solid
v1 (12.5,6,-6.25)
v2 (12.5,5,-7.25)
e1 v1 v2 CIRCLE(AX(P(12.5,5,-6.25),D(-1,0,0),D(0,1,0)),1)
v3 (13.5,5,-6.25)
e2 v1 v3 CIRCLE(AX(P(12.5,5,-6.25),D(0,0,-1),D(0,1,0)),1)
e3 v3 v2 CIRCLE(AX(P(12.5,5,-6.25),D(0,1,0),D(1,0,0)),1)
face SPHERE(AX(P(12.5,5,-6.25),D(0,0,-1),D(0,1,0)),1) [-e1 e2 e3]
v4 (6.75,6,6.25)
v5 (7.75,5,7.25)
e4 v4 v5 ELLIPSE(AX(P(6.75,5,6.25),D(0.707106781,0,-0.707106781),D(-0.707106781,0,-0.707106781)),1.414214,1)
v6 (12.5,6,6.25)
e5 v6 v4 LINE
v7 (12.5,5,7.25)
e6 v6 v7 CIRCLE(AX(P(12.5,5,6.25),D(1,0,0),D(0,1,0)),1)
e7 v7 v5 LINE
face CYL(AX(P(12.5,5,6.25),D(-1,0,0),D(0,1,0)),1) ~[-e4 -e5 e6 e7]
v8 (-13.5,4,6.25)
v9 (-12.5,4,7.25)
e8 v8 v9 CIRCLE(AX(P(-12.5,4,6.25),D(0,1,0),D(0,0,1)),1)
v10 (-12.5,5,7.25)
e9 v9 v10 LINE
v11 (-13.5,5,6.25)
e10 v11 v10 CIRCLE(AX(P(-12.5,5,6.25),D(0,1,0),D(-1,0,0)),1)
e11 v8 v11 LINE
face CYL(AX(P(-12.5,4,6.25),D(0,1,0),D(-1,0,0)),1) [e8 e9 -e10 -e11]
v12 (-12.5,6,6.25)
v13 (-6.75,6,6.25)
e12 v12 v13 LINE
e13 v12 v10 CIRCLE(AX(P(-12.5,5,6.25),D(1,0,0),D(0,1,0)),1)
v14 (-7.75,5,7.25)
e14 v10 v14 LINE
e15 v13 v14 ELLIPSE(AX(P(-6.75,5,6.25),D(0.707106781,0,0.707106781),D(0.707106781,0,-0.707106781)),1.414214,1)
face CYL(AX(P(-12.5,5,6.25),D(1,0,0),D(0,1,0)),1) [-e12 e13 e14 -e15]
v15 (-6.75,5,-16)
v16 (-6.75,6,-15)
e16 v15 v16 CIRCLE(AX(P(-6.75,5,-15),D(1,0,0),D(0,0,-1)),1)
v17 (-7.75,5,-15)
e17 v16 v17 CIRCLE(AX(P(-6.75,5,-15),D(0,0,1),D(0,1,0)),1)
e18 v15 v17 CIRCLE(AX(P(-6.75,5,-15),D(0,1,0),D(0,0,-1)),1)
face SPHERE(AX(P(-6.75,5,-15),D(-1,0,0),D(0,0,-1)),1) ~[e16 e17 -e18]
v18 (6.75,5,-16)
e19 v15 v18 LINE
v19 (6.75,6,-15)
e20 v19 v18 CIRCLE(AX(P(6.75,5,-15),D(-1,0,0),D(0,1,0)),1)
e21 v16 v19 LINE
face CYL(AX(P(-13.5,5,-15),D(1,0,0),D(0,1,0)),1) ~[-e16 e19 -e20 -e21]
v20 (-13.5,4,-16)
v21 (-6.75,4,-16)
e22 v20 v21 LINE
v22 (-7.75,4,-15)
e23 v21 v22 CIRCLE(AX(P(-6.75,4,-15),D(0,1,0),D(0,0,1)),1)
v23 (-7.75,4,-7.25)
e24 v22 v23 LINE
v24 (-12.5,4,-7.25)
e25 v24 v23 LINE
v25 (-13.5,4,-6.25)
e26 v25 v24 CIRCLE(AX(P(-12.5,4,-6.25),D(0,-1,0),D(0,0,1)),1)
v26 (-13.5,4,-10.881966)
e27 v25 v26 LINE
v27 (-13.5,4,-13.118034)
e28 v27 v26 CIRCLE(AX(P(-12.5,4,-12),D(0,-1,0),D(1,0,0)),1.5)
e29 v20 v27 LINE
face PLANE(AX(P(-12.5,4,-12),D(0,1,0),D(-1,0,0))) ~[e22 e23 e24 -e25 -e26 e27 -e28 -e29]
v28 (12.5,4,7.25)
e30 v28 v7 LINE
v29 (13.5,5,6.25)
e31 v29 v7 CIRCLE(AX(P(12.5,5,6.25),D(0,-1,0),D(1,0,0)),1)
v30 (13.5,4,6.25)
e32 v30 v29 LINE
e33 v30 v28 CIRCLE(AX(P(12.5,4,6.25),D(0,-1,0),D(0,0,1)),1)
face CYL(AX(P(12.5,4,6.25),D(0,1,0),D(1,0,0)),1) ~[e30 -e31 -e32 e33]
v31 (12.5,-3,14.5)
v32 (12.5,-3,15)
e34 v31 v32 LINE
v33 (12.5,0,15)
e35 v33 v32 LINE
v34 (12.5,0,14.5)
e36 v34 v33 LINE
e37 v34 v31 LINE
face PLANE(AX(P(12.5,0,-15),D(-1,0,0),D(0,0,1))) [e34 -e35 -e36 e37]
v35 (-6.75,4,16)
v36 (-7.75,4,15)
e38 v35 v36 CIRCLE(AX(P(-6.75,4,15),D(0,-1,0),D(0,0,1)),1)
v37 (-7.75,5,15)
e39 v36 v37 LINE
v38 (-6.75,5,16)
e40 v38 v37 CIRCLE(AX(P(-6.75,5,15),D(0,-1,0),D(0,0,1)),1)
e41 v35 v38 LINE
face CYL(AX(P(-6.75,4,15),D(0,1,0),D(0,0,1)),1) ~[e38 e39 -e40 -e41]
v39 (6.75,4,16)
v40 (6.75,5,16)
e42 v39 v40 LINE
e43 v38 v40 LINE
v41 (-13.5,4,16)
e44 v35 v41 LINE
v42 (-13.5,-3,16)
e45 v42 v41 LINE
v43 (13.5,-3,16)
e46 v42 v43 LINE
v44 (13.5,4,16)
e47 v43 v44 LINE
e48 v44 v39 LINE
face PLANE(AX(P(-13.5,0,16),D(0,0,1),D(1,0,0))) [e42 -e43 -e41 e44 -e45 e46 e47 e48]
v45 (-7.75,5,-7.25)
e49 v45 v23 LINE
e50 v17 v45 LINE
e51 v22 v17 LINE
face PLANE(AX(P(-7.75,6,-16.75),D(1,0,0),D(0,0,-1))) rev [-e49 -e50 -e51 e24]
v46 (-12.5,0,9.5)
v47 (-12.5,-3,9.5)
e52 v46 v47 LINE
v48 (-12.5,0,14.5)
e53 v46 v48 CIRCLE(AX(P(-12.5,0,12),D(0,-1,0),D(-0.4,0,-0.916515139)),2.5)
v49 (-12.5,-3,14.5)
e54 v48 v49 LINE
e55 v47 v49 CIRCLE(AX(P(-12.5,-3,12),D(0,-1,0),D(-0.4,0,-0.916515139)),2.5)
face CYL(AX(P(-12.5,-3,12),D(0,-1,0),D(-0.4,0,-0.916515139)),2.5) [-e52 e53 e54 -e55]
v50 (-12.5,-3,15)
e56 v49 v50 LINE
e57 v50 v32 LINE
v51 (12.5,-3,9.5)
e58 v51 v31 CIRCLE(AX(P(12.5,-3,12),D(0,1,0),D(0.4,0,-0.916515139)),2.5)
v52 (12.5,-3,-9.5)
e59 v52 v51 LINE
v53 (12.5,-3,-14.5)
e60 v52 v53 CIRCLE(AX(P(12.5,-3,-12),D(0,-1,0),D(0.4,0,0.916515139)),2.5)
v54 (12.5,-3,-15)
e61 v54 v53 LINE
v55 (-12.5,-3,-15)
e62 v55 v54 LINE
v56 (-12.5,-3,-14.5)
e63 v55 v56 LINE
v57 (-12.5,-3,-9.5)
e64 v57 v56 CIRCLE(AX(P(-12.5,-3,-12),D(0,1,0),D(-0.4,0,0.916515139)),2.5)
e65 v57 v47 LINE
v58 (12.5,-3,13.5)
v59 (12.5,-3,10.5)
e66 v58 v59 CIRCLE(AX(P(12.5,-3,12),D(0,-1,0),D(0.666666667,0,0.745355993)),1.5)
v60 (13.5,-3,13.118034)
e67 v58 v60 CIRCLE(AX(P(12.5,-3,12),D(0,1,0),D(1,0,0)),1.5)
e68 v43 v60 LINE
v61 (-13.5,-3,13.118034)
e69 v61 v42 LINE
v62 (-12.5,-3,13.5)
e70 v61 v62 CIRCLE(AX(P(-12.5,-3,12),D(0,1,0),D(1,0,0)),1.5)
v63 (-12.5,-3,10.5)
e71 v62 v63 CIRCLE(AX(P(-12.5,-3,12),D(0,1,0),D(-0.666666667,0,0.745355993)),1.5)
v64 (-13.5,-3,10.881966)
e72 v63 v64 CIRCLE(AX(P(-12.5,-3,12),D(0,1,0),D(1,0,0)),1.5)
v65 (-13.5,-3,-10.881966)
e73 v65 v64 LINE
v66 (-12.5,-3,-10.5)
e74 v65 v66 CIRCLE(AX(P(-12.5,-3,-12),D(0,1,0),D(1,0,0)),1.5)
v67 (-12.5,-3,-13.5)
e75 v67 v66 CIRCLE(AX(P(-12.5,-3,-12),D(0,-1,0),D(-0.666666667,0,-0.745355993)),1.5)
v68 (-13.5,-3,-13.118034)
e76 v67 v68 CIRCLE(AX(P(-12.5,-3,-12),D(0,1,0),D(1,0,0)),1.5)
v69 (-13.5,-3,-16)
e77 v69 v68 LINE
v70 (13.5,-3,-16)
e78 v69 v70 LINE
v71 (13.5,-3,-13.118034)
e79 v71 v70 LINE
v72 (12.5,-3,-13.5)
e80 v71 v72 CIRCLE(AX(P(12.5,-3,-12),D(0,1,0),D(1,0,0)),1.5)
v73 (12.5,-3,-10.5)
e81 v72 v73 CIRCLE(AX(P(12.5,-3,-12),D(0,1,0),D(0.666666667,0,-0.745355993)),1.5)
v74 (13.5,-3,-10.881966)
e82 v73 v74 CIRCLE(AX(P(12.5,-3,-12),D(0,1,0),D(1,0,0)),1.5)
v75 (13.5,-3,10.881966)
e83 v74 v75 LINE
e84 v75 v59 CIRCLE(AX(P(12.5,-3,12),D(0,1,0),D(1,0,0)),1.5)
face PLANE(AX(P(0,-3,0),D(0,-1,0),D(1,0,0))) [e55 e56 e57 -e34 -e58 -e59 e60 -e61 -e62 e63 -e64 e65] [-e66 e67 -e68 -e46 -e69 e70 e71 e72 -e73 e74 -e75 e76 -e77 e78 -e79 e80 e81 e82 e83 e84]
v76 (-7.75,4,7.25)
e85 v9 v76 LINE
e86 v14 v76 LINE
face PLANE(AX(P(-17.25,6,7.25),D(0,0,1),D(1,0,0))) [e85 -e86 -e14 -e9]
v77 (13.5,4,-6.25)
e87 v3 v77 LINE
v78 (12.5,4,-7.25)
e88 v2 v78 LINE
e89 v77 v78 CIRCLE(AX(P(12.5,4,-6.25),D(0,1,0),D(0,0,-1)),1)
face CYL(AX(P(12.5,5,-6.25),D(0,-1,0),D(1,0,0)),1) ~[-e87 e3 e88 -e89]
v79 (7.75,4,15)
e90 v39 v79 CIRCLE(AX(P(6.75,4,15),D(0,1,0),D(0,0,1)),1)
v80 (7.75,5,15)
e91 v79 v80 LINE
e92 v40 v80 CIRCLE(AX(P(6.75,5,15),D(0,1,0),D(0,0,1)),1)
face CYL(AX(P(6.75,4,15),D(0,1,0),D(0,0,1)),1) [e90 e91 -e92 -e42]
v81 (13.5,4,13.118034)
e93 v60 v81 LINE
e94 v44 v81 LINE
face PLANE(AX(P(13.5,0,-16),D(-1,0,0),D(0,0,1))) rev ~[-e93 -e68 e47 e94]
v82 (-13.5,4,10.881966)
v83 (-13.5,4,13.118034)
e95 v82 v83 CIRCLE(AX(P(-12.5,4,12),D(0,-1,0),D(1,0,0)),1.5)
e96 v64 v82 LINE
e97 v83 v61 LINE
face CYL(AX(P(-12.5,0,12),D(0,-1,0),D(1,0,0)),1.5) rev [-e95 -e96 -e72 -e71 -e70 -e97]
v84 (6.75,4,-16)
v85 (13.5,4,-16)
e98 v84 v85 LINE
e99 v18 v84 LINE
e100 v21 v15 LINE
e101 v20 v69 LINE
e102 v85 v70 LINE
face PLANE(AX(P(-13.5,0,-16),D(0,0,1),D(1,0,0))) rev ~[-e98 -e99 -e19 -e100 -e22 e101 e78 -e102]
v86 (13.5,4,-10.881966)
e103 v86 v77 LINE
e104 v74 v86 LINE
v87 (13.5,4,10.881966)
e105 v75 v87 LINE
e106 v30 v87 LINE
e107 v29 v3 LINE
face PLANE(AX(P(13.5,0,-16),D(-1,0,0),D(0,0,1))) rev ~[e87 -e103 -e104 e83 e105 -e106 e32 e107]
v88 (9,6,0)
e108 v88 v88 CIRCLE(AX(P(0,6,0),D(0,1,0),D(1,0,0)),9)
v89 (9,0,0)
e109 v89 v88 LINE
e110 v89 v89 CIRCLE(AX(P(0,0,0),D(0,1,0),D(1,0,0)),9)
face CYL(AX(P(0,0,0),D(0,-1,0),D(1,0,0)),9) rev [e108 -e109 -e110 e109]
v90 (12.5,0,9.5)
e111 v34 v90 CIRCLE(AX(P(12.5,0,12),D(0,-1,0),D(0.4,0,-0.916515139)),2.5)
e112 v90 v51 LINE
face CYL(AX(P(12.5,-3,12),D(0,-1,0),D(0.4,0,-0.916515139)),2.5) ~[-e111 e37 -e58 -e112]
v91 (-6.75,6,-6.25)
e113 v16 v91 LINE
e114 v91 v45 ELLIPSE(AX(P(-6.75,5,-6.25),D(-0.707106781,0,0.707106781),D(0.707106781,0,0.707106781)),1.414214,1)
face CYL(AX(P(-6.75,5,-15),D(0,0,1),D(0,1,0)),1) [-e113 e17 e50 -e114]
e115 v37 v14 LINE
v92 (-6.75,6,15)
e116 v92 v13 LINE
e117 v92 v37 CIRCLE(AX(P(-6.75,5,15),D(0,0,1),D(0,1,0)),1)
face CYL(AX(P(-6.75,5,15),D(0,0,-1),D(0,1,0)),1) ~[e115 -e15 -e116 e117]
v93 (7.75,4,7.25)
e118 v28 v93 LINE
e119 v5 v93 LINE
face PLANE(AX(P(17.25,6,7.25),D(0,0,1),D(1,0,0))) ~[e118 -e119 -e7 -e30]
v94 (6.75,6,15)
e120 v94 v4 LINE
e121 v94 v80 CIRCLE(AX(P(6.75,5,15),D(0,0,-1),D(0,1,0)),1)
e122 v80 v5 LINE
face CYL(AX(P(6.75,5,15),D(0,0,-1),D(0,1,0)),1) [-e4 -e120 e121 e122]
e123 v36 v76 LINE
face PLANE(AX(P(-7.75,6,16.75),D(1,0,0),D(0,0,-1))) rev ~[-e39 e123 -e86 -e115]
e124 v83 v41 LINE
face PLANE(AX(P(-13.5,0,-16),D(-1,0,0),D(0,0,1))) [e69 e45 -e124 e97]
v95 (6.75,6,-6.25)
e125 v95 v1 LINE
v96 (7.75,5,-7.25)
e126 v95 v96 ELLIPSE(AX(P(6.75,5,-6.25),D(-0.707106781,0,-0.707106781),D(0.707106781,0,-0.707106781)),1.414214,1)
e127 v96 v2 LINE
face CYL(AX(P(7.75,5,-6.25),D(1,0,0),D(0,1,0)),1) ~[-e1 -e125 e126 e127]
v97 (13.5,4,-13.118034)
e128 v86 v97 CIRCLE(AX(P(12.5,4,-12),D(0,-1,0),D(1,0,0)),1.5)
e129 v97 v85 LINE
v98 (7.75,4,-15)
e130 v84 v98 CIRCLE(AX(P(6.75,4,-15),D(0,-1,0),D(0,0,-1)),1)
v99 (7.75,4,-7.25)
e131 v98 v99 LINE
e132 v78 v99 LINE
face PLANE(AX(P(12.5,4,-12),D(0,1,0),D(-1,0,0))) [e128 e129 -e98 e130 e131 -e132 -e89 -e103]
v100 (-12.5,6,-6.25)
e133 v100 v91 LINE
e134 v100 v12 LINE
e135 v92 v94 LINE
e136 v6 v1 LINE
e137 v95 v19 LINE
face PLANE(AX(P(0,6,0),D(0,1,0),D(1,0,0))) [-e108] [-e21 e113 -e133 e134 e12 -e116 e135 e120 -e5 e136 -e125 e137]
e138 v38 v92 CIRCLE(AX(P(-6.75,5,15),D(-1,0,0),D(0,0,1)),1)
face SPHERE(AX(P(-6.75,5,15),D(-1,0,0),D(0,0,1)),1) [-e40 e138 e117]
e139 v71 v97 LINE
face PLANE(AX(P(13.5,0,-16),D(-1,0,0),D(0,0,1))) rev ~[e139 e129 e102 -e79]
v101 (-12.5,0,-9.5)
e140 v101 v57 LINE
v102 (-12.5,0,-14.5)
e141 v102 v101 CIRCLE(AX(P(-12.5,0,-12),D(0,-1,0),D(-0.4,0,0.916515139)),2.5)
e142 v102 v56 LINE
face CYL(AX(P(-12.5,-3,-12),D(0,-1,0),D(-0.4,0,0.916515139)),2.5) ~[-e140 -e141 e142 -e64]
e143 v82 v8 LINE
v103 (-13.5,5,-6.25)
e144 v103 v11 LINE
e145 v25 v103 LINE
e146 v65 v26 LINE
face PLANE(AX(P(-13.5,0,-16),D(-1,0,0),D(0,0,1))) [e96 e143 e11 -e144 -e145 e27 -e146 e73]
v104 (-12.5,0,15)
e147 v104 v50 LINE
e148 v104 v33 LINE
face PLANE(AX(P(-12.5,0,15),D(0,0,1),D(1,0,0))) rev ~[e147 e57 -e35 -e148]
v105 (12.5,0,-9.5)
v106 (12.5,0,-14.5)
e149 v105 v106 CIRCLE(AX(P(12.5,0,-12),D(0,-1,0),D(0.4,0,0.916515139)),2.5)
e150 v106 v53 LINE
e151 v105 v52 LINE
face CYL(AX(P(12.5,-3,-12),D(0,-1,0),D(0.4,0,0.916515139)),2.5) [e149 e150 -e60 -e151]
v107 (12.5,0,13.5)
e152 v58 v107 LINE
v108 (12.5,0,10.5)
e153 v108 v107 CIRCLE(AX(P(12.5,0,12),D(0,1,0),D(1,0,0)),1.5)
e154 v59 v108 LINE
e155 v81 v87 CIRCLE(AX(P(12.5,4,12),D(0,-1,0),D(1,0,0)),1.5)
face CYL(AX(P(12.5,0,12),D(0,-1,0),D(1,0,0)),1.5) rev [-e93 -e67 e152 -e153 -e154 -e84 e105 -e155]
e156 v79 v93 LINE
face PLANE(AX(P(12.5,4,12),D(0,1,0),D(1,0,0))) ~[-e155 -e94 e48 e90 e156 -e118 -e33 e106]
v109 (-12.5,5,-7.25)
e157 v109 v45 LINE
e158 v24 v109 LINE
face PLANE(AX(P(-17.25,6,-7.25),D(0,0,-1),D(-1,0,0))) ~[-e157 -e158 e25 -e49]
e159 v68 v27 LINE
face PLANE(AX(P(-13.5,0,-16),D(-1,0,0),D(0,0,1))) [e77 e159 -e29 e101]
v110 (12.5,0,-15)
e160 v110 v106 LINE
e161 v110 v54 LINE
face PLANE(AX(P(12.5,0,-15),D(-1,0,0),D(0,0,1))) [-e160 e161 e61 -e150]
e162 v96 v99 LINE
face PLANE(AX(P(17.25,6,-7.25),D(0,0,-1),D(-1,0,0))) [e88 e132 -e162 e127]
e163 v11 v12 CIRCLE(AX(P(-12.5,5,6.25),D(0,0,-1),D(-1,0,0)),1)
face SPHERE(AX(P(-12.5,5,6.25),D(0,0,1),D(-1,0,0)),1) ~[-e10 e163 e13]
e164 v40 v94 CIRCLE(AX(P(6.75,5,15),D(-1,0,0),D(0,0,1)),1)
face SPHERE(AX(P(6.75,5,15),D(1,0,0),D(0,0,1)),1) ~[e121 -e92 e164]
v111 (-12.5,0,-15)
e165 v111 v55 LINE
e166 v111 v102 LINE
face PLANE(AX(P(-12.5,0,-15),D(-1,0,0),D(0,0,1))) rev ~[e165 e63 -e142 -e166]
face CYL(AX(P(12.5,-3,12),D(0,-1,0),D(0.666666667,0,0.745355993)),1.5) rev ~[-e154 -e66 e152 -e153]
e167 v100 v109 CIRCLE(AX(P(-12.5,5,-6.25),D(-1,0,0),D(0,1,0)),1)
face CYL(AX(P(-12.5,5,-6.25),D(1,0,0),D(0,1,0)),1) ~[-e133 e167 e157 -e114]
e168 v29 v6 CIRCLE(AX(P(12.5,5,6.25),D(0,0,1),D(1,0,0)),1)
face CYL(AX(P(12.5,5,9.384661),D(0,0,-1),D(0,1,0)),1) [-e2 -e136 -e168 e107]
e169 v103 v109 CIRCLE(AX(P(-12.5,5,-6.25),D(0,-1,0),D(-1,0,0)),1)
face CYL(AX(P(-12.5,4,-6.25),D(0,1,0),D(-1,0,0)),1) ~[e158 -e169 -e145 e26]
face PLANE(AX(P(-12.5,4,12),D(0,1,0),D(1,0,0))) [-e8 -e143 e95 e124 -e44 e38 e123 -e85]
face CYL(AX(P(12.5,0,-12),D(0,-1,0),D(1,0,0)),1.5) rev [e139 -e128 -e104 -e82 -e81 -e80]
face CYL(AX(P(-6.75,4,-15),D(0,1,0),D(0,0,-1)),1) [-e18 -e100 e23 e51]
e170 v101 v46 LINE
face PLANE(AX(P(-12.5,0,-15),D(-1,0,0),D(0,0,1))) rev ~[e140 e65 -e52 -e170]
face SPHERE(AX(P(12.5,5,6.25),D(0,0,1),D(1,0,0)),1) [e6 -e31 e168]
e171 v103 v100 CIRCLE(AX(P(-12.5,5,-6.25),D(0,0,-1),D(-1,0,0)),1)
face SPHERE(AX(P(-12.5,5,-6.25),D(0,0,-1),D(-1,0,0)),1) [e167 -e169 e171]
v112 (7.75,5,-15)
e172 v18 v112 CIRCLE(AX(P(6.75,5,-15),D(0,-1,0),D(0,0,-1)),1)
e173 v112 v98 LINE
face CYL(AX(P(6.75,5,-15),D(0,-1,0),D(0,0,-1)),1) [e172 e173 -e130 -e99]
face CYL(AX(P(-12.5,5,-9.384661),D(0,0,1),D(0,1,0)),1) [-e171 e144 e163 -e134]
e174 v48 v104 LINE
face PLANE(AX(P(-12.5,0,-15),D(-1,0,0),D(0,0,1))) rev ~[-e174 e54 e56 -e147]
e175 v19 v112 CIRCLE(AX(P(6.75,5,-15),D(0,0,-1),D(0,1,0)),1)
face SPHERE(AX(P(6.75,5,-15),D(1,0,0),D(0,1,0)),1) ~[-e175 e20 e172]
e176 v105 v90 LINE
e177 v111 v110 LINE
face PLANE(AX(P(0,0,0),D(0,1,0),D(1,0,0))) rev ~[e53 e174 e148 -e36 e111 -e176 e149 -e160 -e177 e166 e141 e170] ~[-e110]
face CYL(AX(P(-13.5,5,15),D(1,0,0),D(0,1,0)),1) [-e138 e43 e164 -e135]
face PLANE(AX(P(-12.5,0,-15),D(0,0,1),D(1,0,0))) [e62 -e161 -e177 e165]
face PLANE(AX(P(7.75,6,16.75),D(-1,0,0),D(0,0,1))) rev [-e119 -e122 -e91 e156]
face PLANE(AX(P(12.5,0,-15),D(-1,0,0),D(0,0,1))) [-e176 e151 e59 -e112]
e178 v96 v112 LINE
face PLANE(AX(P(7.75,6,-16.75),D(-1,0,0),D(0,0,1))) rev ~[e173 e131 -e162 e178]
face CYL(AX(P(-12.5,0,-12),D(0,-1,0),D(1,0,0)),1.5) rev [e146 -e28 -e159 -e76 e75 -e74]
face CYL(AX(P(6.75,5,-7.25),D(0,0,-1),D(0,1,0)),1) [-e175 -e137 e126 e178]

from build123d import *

# Parameters (mm, degrees)
SKETCH2_W               = 27
SKETCH2_H               = 32
SKETCH2_R               = 9
BOSS_EXTRUDE1_DEPTH     = 6
SKETCH3_W               = 27
SKETCH3_H               = 32
SKETCH3_W_2             = 25
SKETCH3_H_2             = 30
BOSS_EXTRUDE2_DEPTH     = 3
SKETCH1_R               = 1.5
CUT_EXTRUDE1_DEPTH      = 7
CUT_EXTRUDE1_DEPTH_BACK = 4
BOSS_EXTRUDE4_DEPTH     = 9
MIRROR2_COPY_1_DEPTH    = 9
SKETCH6_R               = 2.8
CUT_EXTRUDE2_DEPTH      = 2
MIRROR4_COPY_1_SKETCH_R = 2.8
MIRROR4_COPY_1_DEPTH    = 2
FILLET1_R               = 1
SKETCH11_W              = 9.5
SKETCH11_H              = 9.5
CUT_EXTRUDE3_DEPTH      = 2
MIRROR6_COPY_1_SKETCH_W = 9.5
MIRROR6_COPY_1_SKETCH_H = 9.5
MIRROR6_COPY_1_DEPTH    = 2
FILLET2_R               = 1


with BuildPart() as part:
    # Sketch2 → Boss-Extrude1 (new body)
    with BuildSketch(Plane(origin=(0, 0, 0), x_dir=(1, 0, 0), z_dir=(0, 1, 0))):
        Rectangle(SKETCH2_W, SKETCH2_H)
        Circle(SKETCH2_R, mode=Mode.SUBTRACT)
    extrude(amount=BOSS_EXTRUDE1_DEPTH)

    # Sketch3 → Boss-Extrude2 (add)
    with BuildSketch(Plane.XZ):
        Rectangle(SKETCH3_W, SKETCH3_H)
        Rectangle(SKETCH3_W_2, SKETCH3_H_2, mode=Mode.SUBTRACT)
    extrude(amount=BOSS_EXTRUDE2_DEPTH)

    # Sketch1 → Cut-Extrude1 (cut, two sides)
    with BuildSketch(Plane(origin=(0, 0, 0), x_dir=(1, 0, 0), z_dir=(0, 1, 0))) as cut_extrude1_sk:
        with Locations((-12.5, 12)):
            Circle(SKETCH1_R)
        with Locations((12.5, 12)):
            Circle(SKETCH1_R)
        with Locations((-12.5, -12)):
            Circle(SKETCH1_R)
        with Locations((12.5, -12)):
            Circle(SKETCH1_R)
    extrude(amount=CUT_EXTRUDE1_DEPTH, mode=Mode.SUBTRACT)
    extrude(cut_extrude1_sk.sketch, amount=-CUT_EXTRUDE1_DEPTH_BACK, mode=Mode.SUBTRACT)

    # Sketch5 → Boss-Extrude4 (add)
    with BuildSketch(Plane.XZ.offset(3)):
        with BuildLine():
            Line((13.5, -10.881966011), (13.5, -9.708712153))
            ThreePointArc((13.5, -9.708712153), (10, -12), (13.5, -14.291287847))
            Line((13.5, -14.291287847), (13.5, -13.118033989))
            ThreePointArc((13.5, -13.118033989), (11, -12), (13.5, -10.881966011))
        make_face()
    boss_extrude4 = extrude(amount=-BOSS_EXTRUDE4_DEPTH)

    # Mirror1: Boss-Extrude4 across plane
    add(boss_extrude4.mirror(Plane(origin=(0, 0, 0), x_dir=(0, 0, 1), z_dir=(1, 0, 0))))

    # Mirror2: Boss-Extrude4 across plane
    add(boss_extrude4.mirror(Plane.XY))

    # Mirror2 copy 1 sketch → Mirror2 copy 1 (add)
    with BuildSketch(Plane(origin=(0, -3, 0), x_dir=(-1, 0, 0), z_dir=(0, -1, 0))):
        with BuildLine():
            Line((13.5, -10.881966011), (13.5, -9.708712153))
            ThreePointArc((13.5, -9.708712153), (10, -12), (13.5, -14.291287847))
            Line((13.5, -14.291287847), (13.5, -13.118033989))
            ThreePointArc((13.5, -13.118033989), (11, -12), (13.5, -10.881966011))
        make_face()
    extrude(amount=-MIRROR2_COPY_1_DEPTH)

    # Sketch6 → Cut-Extrude2 (cut)
    with BuildSketch(Plane(origin=(0, 6, 0), x_dir=(1, 0, 0), z_dir=(0, 1, 0))):
        with Locations((12.5, 12)):
            Circle(SKETCH6_R)
    cut_extrude2 = extrude(amount=-CUT_EXTRUDE2_DEPTH, mode=Mode.SUBTRACT)

    # Mirror3: Cut-Extrude2 across plane
    add(cut_extrude2.mirror(Plane(origin=(0, 0, 0), x_dir=(0, 0, 1), z_dir=(1, 0, 0))), mode=Mode.SUBTRACT)

    # Mirror4: Cut-Extrude2 across plane
    add(cut_extrude2.mirror(Plane.XY), mode=Mode.SUBTRACT)

    # Mirror4 copy 1 sketch → Mirror4 copy 1 (cut)
    with BuildSketch(Plane(origin=(0, 6, 0), x_dir=(-1, 0, 0), z_dir=(0, 1, 0))):
        with Locations((12.5, 12)):
            Circle(MIRROR4_COPY_1_SKETCH_R)
    extrude(amount=-MIRROR4_COPY_1_DEPTH, mode=Mode.SUBTRACT)

    # Fillet1
    fillet1_edges = [part.edges().sort_by_distance(p)[0] for p in [
        (-13.5, 6, -15.307669683),
        (13.5, 6, -15.307669683),
        (0, 6, 16),
        (-13.5, 6, 0),
        (13.5, 6, 0),
        (-13.5, 6, 15.307669683),
        (13.5, 6, 15.307669683),
        (0, 6, -16),
    ]]
    fillet(fillet1_edges, radius=FILLET1_R)

    # Sketch11 → Cut-Extrude3 (cut)
    with BuildSketch(Plane(origin=(0, 6, 0), x_dir=(1, 0, 0), z_dir=(0, 1, 0))):
        with Locations((-12.5, -12)):
            Rectangle(SKETCH11_W, SKETCH11_H)
    cut_extrude3 = extrude(amount=-CUT_EXTRUDE3_DEPTH, mode=Mode.SUBTRACT)

    # Mirror5: Cut-Extrude3 across plane
    add(cut_extrude3.mirror(Plane(origin=(0, 0, 0), x_dir=(0, 0, 1), z_dir=(1, 0, 0))), mode=Mode.SUBTRACT)

    # Mirror6: Cut-Extrude3 across plane
    add(cut_extrude3.mirror(Plane.XY), mode=Mode.SUBTRACT)

    # Mirror6 copy 1 sketch → Mirror6 copy 1 (cut)
    with BuildSketch(Plane(origin=(0, 6, 0), x_dir=(-1, 0, 0), z_dir=(0, 1, 0))):
        with Locations((-12.5, -12)):
            Rectangle(MIRROR6_COPY_1_SKETCH_W, MIRROR6_COPY_1_SKETCH_H)
    extrude(amount=-MIRROR6_COPY_1_DEPTH, mode=Mode.SUBTRACT)

    # Fillet2
    fillet2_edges = [part.edges().sort_by_distance(p)[0] for p in [
        (-7.75, 4.5, 16),
        (-13.5, 4.5, 7.25),
        (-7.75, 6, 11.125),
        (-10.125, 6, 7.25),
        (7.75, 6, 11.125),
        (10.125, 6, 7.25),
        (7.75, 4.5, 16),
        (13.5, 4.5, 7.25),
        (13.5, 4.5, -7.25),
        (7.75, 4.5, -16),
        (7.75, 6, -11.125),
        (10.125, 6, -7.25),
        (-7.75, 6, -11.125),
        (-10.125, 6, -7.25),
        (-7.75, 4.5, -16),
        (-13.5, 4.5, -7.25),
    ]]
    fillet(fillet2_edges, radius=FILLET2_R)


solid = part.part
